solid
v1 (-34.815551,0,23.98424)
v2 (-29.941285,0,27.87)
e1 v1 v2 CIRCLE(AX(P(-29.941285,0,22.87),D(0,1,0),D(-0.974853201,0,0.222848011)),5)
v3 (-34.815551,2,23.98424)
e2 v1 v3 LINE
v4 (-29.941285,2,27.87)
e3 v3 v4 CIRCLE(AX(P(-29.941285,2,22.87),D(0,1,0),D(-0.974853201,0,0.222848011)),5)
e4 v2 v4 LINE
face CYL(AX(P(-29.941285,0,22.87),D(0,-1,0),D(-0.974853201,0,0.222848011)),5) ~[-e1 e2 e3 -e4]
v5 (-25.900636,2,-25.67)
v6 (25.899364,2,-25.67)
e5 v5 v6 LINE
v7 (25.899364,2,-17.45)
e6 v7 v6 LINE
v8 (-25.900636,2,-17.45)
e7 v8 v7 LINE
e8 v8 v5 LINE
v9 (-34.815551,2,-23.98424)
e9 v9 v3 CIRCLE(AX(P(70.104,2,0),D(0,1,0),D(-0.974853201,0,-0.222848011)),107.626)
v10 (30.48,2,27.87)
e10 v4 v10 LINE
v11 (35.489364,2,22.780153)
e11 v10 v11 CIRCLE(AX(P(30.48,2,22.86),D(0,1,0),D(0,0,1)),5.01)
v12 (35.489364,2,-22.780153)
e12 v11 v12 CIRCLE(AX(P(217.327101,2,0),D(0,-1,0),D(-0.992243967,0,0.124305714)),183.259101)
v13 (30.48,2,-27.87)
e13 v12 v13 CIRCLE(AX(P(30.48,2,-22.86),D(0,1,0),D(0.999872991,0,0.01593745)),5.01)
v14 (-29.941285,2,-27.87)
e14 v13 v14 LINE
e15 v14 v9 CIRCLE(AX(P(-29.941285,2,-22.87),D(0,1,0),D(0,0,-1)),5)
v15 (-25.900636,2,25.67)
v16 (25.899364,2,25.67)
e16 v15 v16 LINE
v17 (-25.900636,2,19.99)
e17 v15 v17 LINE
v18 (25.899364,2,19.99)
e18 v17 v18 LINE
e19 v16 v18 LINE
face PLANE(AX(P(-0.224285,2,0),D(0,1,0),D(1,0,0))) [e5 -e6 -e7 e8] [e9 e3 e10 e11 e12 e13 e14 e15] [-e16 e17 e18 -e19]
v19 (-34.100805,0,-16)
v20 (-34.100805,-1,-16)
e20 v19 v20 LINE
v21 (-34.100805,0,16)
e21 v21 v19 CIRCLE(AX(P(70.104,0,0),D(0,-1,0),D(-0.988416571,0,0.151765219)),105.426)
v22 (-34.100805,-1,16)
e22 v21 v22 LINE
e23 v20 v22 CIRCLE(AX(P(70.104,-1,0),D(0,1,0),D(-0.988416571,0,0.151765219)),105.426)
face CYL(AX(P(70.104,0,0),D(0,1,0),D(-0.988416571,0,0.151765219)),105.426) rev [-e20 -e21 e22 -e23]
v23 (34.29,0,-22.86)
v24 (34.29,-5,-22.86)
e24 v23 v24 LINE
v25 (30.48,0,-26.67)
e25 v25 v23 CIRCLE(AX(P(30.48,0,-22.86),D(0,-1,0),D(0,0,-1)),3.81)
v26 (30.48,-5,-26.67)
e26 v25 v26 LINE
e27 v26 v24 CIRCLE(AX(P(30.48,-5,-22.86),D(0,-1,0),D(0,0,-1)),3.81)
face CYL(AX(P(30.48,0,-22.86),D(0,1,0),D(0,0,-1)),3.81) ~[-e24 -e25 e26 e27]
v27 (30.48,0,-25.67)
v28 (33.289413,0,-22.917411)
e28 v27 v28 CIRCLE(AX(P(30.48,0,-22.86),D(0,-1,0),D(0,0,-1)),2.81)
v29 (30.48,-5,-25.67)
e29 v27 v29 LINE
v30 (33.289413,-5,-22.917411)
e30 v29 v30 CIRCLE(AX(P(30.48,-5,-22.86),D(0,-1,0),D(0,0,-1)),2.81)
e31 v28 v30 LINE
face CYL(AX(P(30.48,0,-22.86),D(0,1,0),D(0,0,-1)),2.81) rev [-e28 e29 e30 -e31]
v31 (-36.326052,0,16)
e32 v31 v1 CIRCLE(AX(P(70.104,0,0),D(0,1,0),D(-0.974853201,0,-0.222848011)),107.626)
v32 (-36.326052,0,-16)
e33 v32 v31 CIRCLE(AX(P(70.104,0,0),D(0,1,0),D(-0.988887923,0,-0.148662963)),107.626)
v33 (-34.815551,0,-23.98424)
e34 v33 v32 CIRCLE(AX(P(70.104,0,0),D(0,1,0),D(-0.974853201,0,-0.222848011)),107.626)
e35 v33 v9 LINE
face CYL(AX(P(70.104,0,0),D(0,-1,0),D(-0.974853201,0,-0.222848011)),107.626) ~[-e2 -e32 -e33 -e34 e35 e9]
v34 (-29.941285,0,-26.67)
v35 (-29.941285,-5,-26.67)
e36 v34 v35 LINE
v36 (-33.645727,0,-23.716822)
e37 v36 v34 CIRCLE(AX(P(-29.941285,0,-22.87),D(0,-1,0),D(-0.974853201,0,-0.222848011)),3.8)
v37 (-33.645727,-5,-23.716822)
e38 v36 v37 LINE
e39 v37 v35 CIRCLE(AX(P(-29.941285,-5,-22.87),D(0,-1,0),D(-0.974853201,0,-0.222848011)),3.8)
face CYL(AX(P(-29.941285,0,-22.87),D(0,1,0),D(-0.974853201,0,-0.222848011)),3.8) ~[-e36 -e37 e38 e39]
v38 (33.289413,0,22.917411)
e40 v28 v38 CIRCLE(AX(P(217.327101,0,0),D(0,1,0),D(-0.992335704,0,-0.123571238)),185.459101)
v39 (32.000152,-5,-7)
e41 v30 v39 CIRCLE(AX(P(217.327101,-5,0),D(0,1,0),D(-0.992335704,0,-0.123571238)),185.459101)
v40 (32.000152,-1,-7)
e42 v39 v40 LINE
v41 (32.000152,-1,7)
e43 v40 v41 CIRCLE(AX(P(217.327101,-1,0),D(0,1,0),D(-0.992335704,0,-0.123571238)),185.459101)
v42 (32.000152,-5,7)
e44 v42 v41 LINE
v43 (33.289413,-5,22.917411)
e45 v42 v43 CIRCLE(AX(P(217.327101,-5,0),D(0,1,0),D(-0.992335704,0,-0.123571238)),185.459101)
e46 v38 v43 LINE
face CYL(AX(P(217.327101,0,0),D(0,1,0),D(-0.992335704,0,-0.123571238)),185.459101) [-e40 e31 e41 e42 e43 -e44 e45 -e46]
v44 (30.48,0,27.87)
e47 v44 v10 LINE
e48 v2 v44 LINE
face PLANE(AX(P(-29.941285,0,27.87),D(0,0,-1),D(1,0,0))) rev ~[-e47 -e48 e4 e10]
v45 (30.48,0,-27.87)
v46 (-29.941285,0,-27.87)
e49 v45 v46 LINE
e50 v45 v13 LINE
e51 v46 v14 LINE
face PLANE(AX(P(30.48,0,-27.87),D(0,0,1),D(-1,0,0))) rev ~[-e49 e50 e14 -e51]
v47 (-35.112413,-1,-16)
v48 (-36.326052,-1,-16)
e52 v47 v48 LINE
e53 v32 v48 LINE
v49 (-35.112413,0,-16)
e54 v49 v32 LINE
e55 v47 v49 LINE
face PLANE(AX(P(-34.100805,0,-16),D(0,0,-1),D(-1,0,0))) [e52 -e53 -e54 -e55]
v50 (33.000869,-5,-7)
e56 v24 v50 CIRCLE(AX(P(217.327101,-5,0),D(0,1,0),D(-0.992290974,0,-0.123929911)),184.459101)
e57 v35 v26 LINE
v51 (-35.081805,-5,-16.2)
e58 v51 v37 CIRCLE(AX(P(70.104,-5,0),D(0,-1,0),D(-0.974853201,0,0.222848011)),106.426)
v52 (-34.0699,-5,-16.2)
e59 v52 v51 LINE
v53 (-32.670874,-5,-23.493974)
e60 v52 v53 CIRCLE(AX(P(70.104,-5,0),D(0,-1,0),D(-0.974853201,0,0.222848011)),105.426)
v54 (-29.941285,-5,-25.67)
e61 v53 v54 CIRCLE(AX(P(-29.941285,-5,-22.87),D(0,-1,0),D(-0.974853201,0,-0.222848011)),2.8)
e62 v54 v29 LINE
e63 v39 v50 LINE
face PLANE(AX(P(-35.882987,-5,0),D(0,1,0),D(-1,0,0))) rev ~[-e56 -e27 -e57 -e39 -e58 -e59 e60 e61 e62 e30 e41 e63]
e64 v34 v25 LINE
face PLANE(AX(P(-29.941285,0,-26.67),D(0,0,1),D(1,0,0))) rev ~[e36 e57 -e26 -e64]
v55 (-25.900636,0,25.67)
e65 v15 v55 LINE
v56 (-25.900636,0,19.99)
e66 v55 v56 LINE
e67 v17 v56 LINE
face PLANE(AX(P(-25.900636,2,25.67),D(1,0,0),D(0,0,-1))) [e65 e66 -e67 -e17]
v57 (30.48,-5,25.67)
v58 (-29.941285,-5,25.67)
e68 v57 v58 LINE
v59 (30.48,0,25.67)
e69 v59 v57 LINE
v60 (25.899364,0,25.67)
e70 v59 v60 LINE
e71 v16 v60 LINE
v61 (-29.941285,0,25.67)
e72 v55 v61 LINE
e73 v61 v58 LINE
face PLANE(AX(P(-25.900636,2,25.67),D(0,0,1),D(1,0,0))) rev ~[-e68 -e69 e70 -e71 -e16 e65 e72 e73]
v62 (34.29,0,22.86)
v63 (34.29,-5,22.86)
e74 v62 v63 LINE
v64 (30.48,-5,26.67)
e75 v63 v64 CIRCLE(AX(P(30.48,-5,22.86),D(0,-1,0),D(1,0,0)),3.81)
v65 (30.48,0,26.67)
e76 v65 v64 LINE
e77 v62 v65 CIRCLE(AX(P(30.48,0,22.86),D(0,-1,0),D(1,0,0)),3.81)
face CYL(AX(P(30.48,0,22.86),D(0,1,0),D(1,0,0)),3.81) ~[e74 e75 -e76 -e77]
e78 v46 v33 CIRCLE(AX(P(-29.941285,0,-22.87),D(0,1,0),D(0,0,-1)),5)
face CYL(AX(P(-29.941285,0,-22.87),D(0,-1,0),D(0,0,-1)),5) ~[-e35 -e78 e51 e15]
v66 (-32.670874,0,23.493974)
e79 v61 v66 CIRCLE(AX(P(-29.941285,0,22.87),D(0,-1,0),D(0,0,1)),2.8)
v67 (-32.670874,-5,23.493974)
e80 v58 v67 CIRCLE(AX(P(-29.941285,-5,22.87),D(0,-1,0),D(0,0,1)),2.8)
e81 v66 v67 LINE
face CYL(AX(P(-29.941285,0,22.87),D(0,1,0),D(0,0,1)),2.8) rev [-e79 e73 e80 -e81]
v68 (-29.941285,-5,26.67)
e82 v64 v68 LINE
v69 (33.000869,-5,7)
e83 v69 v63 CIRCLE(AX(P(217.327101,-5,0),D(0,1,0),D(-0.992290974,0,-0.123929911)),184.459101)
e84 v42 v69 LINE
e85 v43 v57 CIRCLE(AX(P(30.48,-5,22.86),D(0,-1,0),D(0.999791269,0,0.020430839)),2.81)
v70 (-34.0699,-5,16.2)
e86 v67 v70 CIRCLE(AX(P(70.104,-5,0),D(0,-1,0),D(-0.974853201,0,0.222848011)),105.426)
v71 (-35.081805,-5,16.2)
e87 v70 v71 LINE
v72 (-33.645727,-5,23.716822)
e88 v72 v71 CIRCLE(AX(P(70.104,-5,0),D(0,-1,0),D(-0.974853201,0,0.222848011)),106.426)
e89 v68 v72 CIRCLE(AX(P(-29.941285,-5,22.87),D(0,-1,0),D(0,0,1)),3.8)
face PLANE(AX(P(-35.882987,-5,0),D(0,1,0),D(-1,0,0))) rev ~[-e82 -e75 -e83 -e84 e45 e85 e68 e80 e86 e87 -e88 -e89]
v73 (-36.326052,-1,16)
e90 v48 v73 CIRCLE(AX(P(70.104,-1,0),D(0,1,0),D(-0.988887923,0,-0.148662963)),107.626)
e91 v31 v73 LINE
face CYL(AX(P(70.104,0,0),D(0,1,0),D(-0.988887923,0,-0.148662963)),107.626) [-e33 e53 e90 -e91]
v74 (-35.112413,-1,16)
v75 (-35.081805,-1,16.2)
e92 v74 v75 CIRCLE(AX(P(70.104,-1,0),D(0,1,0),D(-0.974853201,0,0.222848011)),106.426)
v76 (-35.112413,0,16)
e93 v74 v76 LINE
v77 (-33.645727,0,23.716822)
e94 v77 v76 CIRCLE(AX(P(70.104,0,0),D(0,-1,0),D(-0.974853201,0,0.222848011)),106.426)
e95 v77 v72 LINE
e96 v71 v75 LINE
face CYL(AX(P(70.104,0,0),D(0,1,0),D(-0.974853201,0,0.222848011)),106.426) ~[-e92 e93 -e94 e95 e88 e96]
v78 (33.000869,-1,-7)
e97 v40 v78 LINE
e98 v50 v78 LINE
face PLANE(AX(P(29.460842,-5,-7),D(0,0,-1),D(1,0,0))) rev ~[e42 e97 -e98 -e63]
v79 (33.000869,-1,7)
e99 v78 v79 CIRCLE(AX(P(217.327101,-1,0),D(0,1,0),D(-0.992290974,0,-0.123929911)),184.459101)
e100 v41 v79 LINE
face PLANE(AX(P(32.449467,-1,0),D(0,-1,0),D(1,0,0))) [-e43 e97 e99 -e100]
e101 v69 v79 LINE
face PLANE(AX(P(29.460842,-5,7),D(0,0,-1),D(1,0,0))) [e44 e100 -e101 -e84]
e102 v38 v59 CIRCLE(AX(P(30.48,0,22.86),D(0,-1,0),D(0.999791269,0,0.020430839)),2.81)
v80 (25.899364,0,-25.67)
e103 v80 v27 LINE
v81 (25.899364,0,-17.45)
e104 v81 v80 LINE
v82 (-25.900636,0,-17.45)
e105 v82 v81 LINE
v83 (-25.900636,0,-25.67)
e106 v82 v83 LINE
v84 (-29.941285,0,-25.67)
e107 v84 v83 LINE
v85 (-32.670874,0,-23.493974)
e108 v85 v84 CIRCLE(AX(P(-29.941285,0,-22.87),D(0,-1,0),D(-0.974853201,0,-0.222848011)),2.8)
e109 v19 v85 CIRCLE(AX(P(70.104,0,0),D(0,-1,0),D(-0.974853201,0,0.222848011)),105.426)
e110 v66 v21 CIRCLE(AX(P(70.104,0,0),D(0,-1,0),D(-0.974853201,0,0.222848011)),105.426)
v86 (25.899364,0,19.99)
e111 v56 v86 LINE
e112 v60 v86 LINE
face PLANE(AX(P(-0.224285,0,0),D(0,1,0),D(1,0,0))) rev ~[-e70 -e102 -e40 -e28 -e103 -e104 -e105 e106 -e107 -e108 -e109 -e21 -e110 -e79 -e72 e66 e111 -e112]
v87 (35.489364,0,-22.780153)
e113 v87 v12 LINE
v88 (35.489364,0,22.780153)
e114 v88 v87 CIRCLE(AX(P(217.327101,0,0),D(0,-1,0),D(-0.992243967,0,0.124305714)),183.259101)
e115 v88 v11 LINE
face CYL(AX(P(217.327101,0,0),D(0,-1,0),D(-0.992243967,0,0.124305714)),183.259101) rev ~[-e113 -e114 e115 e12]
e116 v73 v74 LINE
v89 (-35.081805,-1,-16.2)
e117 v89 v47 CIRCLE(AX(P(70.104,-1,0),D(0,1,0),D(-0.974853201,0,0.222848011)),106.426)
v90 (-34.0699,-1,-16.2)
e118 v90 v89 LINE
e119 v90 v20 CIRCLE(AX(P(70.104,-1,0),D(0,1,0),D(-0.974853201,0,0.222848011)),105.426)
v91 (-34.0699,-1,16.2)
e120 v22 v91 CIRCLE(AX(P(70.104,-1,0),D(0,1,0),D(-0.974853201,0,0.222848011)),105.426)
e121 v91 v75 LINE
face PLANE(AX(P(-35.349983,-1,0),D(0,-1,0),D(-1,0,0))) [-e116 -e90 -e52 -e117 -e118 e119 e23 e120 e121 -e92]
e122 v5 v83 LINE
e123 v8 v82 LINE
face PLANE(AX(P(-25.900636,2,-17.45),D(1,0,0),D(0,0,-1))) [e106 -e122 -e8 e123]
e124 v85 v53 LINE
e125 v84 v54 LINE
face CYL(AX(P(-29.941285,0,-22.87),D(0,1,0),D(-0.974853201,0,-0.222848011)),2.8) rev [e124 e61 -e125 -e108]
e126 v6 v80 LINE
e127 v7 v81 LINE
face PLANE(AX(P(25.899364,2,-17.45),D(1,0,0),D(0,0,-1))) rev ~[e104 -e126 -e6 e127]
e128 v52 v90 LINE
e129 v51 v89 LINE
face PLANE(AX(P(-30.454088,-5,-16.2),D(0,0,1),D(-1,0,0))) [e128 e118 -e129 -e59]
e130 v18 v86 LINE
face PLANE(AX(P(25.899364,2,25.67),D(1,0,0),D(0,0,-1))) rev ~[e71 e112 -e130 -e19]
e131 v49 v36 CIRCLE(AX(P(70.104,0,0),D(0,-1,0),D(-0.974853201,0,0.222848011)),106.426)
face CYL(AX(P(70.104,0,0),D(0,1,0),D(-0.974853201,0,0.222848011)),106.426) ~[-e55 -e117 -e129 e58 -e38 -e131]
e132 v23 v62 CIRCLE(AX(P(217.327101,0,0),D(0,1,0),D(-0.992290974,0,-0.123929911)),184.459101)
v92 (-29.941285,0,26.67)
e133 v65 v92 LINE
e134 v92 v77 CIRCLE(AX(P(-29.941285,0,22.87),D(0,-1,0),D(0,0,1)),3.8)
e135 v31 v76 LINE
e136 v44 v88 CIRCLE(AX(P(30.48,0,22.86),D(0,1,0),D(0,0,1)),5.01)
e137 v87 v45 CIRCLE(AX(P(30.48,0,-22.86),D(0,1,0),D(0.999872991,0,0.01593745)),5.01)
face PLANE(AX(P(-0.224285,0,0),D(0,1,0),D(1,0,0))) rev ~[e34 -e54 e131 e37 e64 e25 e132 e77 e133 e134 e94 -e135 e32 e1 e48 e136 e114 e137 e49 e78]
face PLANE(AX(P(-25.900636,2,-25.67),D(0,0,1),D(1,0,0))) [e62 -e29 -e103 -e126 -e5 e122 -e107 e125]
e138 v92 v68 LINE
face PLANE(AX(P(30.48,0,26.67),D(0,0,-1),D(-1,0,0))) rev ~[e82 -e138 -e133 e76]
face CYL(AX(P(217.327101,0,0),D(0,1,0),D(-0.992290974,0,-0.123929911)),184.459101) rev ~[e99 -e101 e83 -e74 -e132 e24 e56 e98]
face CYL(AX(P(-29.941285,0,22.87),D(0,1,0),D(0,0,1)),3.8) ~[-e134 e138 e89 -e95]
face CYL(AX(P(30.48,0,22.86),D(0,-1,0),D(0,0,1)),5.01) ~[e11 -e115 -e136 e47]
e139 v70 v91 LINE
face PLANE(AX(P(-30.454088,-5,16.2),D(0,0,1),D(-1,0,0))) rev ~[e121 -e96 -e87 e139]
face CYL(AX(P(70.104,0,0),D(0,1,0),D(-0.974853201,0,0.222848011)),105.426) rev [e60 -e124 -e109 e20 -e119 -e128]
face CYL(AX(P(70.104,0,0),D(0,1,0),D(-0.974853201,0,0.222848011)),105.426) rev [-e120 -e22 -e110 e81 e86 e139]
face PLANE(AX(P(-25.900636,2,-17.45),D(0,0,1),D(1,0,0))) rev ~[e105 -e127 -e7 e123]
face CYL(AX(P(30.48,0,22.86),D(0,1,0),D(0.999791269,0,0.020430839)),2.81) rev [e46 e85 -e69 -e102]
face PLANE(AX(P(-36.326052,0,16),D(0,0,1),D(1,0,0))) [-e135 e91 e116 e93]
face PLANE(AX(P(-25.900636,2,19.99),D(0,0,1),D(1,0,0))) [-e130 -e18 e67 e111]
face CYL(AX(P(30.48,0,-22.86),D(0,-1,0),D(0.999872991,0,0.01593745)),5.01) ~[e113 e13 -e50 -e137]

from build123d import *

# Parameters (mm, degrees)
BOSS_EXTRUDE1_DEPTH = 2
BOSS_EXTRUDE2_DEPTH = 5
SKETCH4_W           = 51.8
SKETCH4_H           = 8.22
SKETCH4_H_2         = 5.68
CUT_EXTRUDE1_DEPTH  = 2
BOSS_EXTRUDE3_DEPTH = 5
SKETCH8_W           = 5.977250124
SKETCH8_H           = 14
CUT_EXTRUDE3_DEPTH  = 4
SKETCH9_W           = 9.791789178
SKETCH9_H           = 32.4
CUT_EXTRUDE4_DEPTH  = 4


with BuildPart() as part:
    # Sketch2 → Boss-Extrude1 (new body)
    with BuildSketch(Plane(origin=(0, 0, 0), x_dir=(1, 0, 0), z_dir=(0, 1, 0))):
        with BuildLine():
            Line((-29.941284627, -27.87), (30.48, -27.87))
            ThreePointArc((30.48, -27.87), (34.050723427, -26.374261545), (35.489363684, -22.780153375))
            ThreePointArc((35.489363684, -22.780153375), (34.068, 0), (35.489363684, 22.780153375))
            ThreePointArc((35.489363684, 22.780153375), (34.050723427, 26.374261545), (30.48, 27.87))
            Line((30.48, 27.87), (-29.941284627, 27.87))
            ThreePointArc((-29.941284627, 27.87), (-33.058077828, 26.779680312), (-34.815550633, 23.984240056))
            ThreePointArc((-34.815550633, 23.984240056), (-37.522, 0), (-34.815550633, -23.984240056))
            ThreePointArc((-34.815550633, -23.984240056), (-33.058077828, -26.779680312), (-29.941284627, -27.87))
        make_face()
    extrude(amount=BOSS_EXTRUDE1_DEPTH)

    # Sketch3 → Boss-Extrude2 (add)
    with BuildSketch(Plane.XZ):
        with BuildLine():
            Line((-29.941284627, -26.67), (30.48, -26.67))
            ThreePointArc((30.48, -26.67), (33.174076836, -25.554076836), (34.29, -22.86))
            ThreePointArc((34.29, -22.86), (32.868, 0), (34.29, 22.86))
            ThreePointArc((34.29, 22.86), (33.174076836, 25.554076836), (30.48, 26.67))
            Line((30.48, 26.67), (-29.941284627, 26.67))
            ThreePointArc((-29.941284627, 26.67), (-32.31004746, 25.841357037), (-33.645726791, 23.716822443))
            ThreePointArc((-33.645726791, 23.716822443), (-36.322, 0), (-33.645726791, -23.716822443))
            ThreePointArc((-33.645726791, -23.716822443), (-32.31004746, -25.841357037), (-29.941284627, -26.67))
        make_face()
        with BuildLine():
            Line((30.48, 25.67), (-29.941284627, 25.67))
            ThreePointArc((-29.941284627, 25.67), (-31.686688819, 25.059420975), (-32.67087359, 23.493974431))
            ThreePointArc((-32.67087359, 23.493974431), (-35.322, 0), (-32.67087359, -23.493974431))
            ThreePointArc((-32.67087359, -23.493974431), (-31.686688819, -25.059420975), (-29.941284627, -25.67))
            Line((-29.941284627, -25.67), (30.48, -25.67))
            ThreePointArc((30.48, -25.67), (32.446567575, -24.867165158), (33.289413465, -22.917410657))
            ThreePointArc((33.289413465, -22.917410657), (31.868, 0), (33.289413465, 22.917410657))
            ThreePointArc((33.289413465, 22.917410657), (32.446567575, 24.867165158), (30.48, 25.67))
        make_face(mode=Mode.SUBTRACT)
    extrude(amount=BOSS_EXTRUDE2_DEPTH)

    # Sketch4 → Cut-Extrude1 (cut)
    with BuildSketch(Plane(origin=(0, 2, 0), x_dir=(1, 0, 0), z_dir=(0, 1, 0))):
        with Locations((-0.000636316, 21.56)):
            Rectangle(SKETCH4_W, SKETCH4_H)
        with Locations((-0.000636316, -22.83)):
            Rectangle(SKETCH4_W, SKETCH4_H_2)
    extrude(amount=-CUT_EXTRUDE1_DEPTH, mode=Mode.SUBTRACT)

    # Sketch6 → Boss-Extrude3 (add)
    with BuildSketch(Plane.XZ):
        with BuildLine():
            Line((-36.326051564, 16), (-34.100805436, 16))
            ThreePointArc((-34.100805436, 16), (-35.322, 0), (-34.100805436, -16))
            Line((-34.100805436, -16), (-36.326051564, -16))
            ThreePointArc((-36.326051564, -16), (-37.522, 0), (-36.326051564, 16))
        make_face()
    extrude(amount=BOSS_EXTRUDE3_DEPTH)

    # Sketch8 → Cut-Extrude3 (cut)
    with BuildSketch(Plane.XZ.offset(5)):
        with Locations((32.449466872, 0)):
            Rectangle(SKETCH8_W, SKETCH8_H)
    extrude(amount=-CUT_EXTRUDE3_DEPTH, mode=Mode.SUBTRACT)

    # Sketch9 → Cut-Extrude4 (cut)
    with BuildSketch(Plane(origin=(0, -5, 0), x_dir=(-1, 0, 0), z_dir=(0, -1, 0))):
        with Locations((35.349982691, 0)):
            Rectangle(SKETCH9_W, SKETCH9_H)
    extrude(amount=-CUT_EXTRUDE4_DEPTH, mode=Mode.SUBTRACT)


solid = part.part
